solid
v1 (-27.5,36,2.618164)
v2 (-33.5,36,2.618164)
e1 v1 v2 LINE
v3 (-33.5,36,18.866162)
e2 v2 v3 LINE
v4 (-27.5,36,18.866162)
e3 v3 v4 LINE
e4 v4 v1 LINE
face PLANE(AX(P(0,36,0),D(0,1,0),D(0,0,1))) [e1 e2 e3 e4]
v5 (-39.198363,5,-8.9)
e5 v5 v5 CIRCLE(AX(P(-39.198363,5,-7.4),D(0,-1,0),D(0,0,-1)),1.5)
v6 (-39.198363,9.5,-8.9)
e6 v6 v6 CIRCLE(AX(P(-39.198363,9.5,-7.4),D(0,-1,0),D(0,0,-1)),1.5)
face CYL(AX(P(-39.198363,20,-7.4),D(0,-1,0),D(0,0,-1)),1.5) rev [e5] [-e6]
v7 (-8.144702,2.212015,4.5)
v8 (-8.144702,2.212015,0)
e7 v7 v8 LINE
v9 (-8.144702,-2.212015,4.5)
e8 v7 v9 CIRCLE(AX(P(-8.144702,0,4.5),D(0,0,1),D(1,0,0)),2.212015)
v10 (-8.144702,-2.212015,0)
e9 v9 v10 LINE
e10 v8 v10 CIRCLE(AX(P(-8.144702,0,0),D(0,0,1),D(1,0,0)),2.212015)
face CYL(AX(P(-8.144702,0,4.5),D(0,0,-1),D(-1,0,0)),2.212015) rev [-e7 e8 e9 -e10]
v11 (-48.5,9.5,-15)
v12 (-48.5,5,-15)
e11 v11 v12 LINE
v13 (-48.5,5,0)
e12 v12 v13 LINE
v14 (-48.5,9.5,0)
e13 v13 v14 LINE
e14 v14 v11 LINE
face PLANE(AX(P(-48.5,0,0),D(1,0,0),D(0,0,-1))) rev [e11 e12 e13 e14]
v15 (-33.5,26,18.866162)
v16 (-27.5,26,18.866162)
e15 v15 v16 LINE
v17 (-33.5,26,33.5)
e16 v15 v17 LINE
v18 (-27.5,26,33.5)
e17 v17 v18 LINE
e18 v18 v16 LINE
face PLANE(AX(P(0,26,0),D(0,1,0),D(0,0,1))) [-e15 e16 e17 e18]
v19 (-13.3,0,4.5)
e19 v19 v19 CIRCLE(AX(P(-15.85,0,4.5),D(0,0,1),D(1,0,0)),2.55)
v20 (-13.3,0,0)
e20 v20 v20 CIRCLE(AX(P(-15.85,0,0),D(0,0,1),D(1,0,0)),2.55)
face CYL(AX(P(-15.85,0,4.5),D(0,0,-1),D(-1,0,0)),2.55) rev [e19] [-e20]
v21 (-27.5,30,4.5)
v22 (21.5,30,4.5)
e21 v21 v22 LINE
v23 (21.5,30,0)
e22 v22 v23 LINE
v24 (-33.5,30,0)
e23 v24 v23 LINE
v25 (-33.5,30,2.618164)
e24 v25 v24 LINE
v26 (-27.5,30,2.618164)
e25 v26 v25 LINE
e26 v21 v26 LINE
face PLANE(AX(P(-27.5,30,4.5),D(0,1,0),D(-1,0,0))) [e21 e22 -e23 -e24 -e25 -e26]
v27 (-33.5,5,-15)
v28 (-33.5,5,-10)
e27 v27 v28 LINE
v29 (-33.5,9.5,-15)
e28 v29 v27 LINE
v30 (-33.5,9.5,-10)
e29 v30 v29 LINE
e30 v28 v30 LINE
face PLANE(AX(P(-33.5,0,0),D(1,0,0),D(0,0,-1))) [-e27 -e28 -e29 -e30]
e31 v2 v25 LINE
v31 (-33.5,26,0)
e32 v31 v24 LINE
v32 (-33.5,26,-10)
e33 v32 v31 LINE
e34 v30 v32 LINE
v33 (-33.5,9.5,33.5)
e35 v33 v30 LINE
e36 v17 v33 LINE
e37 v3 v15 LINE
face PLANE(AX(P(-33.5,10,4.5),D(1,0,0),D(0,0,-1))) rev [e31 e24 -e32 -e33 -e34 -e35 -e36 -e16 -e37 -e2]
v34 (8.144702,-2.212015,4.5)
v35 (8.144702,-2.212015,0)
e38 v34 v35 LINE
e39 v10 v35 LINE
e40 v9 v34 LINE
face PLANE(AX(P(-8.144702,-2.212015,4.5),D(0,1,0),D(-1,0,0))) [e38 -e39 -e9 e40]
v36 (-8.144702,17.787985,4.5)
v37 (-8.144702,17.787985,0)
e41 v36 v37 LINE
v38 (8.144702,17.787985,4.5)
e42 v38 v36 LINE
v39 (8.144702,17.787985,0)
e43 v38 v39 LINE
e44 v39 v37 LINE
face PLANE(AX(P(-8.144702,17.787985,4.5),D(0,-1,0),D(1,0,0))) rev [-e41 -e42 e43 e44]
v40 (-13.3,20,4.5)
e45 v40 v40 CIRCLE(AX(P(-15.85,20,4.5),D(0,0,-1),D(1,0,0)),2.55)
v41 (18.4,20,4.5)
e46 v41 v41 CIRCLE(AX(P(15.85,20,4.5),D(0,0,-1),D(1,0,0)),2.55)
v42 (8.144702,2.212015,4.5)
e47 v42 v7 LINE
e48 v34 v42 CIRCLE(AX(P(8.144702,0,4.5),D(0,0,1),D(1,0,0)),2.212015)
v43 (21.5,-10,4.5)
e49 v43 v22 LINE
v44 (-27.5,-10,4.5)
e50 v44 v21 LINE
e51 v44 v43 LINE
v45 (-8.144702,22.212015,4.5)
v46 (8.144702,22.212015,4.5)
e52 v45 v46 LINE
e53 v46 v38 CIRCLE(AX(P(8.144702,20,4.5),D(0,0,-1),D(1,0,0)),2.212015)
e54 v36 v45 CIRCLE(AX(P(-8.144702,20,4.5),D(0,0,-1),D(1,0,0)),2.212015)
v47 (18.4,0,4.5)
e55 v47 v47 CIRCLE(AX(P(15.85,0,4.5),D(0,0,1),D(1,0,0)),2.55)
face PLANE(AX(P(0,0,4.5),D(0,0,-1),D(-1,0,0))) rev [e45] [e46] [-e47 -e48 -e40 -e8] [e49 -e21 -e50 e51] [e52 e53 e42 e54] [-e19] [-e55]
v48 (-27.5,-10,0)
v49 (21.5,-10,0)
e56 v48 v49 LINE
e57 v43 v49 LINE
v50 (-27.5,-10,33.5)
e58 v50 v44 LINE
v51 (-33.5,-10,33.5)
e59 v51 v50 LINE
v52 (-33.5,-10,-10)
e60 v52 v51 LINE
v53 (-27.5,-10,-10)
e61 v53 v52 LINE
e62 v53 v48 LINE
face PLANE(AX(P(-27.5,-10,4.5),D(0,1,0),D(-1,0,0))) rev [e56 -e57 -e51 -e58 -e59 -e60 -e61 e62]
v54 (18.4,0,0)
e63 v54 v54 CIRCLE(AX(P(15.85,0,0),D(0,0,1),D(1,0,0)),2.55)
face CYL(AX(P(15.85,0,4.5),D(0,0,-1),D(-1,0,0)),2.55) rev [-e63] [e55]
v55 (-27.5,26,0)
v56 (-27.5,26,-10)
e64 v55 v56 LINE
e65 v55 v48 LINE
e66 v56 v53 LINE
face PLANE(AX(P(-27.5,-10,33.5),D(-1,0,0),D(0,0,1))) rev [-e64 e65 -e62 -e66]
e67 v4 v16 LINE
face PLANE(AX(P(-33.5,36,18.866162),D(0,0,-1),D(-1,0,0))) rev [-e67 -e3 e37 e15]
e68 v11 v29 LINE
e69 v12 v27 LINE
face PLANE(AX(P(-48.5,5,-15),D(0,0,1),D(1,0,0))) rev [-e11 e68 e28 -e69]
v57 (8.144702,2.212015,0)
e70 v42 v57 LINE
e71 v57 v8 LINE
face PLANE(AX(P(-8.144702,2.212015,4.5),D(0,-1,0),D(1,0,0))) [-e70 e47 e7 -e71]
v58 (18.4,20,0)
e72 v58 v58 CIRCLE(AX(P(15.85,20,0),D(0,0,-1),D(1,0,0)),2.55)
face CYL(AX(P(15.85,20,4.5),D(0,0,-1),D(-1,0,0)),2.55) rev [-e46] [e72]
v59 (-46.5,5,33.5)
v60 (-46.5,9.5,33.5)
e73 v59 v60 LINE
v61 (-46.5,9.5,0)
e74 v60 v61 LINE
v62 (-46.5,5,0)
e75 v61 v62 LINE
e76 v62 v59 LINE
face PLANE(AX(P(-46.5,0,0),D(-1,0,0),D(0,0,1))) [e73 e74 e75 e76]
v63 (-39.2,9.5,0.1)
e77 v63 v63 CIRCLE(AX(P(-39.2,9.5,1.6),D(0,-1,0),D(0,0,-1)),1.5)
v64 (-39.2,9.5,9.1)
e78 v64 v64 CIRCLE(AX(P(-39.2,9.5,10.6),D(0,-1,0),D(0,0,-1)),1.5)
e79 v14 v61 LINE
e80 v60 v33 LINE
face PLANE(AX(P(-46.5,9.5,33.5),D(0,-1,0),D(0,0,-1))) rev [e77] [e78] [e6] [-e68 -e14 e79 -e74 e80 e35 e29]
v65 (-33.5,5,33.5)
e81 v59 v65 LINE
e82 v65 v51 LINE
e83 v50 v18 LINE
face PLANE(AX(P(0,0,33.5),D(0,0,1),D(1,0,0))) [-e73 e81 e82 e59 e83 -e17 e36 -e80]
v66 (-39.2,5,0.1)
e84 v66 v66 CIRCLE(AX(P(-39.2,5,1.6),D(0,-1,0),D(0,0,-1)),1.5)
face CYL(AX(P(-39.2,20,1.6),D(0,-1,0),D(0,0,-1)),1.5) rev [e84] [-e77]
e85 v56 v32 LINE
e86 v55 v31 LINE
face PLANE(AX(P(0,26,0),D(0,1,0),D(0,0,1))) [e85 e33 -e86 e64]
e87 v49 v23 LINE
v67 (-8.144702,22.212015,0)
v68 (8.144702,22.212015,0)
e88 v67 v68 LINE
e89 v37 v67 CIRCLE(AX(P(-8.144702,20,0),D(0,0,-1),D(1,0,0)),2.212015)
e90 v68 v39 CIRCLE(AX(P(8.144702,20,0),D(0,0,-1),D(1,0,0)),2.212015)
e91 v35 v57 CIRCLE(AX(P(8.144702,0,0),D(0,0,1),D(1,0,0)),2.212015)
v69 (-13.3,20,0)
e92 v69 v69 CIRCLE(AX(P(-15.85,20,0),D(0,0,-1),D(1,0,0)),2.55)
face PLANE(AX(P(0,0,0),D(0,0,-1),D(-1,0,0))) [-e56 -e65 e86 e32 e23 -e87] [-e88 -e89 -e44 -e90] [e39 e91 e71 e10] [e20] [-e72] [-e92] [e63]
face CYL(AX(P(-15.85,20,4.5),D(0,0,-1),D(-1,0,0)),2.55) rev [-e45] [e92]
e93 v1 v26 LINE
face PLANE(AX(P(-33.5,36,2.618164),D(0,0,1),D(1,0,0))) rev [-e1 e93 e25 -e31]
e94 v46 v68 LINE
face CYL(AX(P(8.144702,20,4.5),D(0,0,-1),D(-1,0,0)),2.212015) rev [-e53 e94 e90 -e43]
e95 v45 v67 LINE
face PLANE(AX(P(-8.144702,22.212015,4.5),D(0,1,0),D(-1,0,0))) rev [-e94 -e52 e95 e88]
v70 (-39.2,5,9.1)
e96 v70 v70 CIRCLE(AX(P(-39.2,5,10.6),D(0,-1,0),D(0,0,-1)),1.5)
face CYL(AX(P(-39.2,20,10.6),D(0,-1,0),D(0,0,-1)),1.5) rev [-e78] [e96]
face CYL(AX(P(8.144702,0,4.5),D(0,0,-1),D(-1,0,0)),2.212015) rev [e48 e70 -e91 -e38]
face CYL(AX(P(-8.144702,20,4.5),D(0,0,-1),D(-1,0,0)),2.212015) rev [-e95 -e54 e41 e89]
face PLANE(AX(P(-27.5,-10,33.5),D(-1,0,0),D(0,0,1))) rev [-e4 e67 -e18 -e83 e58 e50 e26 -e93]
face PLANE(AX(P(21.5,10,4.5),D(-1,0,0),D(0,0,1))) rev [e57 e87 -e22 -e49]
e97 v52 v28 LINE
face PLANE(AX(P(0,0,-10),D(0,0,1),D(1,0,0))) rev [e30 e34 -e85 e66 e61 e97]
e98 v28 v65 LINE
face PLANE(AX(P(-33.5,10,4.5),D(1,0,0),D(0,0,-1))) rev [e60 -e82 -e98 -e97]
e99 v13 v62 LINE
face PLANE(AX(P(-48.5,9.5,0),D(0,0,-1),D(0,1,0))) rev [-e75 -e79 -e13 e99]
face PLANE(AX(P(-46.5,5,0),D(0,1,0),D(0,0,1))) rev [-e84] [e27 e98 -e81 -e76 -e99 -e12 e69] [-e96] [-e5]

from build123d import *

# Parameters (mm, degrees)
SKETCH_1_R          = 2.55
EXTRUDE_1_DEPTH     = 4.5
SKETCH_2_W          = 6
SKETCH_2_H          = 20
EXTRUDE_2_DEPTH     = 29
SKETCH_5_W          = 33.5
SKETCH_5_H          = 4.5
EXTRUDE_4_DEPTH     = 13
SKETCH_6_R          = 1.5
CUT_EXTRUDE_1_DEPTH = 13
SKETCH_8_W          = 6
SKETCH_8_H          = 20
EXTRUDE_5_DEPTH     = 10
SKETCH_11_W         = 6
SKETCH_11_H         = 43.5
EXTRUDE_7_DEPTH     = 30
SKETCH_17_W         = 6
SKETCH_17_H         = 43.5
CUT_EXTRUDE_3_DEPTH = 14
SKETCH_18_W         = 6
SKETCH_18_H         = 16.247997213
EXTRUDE_12_DEPTH    = 10
SKETCH_20_W         = 15
SKETCH_20_H         = 4.5
EXTRUDE_13_DEPTH    = 15
SKETCH_22_R         = 1.5
CUT_EXTRUDE_5_DEPTH = 15
SKETCH_23_W         = 13
SKETCH_23_H         = 33.5
CUT_EXTRUDE_6_DEPTH = 15
SKETCH_24_R         = 1.5
CUT_EXTRUDE_7_DEPTH = 15


with BuildPart() as part:
    # 草图1 → 凸台-拉伸1 (new body)
    with BuildSketch(Plane.XY):
        Polygon((-27.5, -10), (21.5, -10), (21.5, 10), (-27.5, 10), (-33.5, 10), (-33.5, -10), align=None)
        with Locations((-15.85, 0)):
            Circle(SKETCH_1_R, mode=Mode.SUBTRACT)
        with Locations((15.85, 0)):
            Circle(SKETCH_1_R, mode=Mode.SUBTRACT)
        with BuildLine():
            Line((-8.144701861, 2.212014563), (8.144701861, 2.212014563))
            ThreePointArc((8.144701861, 2.212014563), (10.356716424, 0), (8.144701861, -2.212014563))
            Line((8.144701861, -2.212014563), (-8.144701861, -2.212014563))
            ThreePointArc((-8.144701861, -2.212014563), (-10.356716424, 0), (-8.144701861, 2.212014563))
        make_face(mode=Mode.SUBTRACT)
    extrude_1 = extrude(amount=EXTRUDE_1_DEPTH)

    # 草图2 → 凸台-拉伸2 (add)
    with BuildSketch(Plane.XY.offset(4.5)):
        with Locations((-30.5, 0)):
            Rectangle(SKETCH_2_W, SKETCH_2_H)
    extrude(amount=EXTRUDE_2_DEPTH)

    # 草图5 → 凸台-拉伸4 (add)
    with BuildSketch(Plane.ZY.offset(33.5)):
        with Locations((16.75, -7.75)):
            Rectangle(SKETCH_5_W, SKETCH_5_H)
        with Locations((16.75, 7.25)):
            Rectangle(SKETCH_5_W, SKETCH_5_H)
    extrude(amount=EXTRUDE_4_DEPTH)

    # 草图6 → 切除-拉伸1 (cut)
    with BuildSketch(Plane.XZ.offset(10)):
        with Locations((-39.2, 1.6)):
            Circle(SKETCH_6_R)
        with Locations((-39.2, 10.6)):
            Circle(SKETCH_6_R)
    extrude(amount=-CUT_EXTRUDE_1_DEPTH, mode=Mode.SUBTRACT)

    # 草图8 → 凸台-拉伸5 (add)
    with BuildSketch(Plane(origin=(0, 0, 0), x_dir=(-1, 0, 0), z_dir=(0, 0, -1))):
        with Locations((30.5, 0)):
            Rectangle(SKETCH_8_W, SKETCH_8_H)
    extrude(amount=EXTRUDE_5_DEPTH)

    # 草图11 → 凸台-拉伸7 (add)
    with BuildSketch(Plane(origin=(0, 10, 0), x_dir=(1, 0, 0), z_dir=(0, 1, 0))):
        with Locations((-30.5, -11.75)):
            Rectangle(SKETCH_11_W, SKETCH_11_H)
    extrude(amount=EXTRUDE_7_DEPTH)

    # 草图17 → 切除-拉伸3 (cut)
    with BuildSketch(Plane(origin=(0, 40, 0), x_dir=(1, 0, 0), z_dir=(0, 1, 0))):
        with Locations((-30.5, -11.75)):
            Rectangle(SKETCH_17_W, SKETCH_17_H)
    extrude(amount=-CUT_EXTRUDE_3_DEPTH, mode=Mode.SUBTRACT)

    # 草图18 → 凸台-拉伸12 (add)
    with BuildSketch(Plane(origin=(0, 26, 0), x_dir=(1, 0, 0), z_dir=(0, 1, 0))):
        with Locations((-30.5, -10.74216301)):
            Rectangle(SKETCH_18_W, SKETCH_18_H)
    extrude(amount=EXTRUDE_12_DEPTH)

    # 镜向1: 凸台-拉伸1 across plane
    add(extrude_1.mirror(Plane.ZX.offset(10)))

    # 草图20 → 凸台-拉伸13 (add)
    with BuildSketch(Plane.ZY.offset(33.5)):
        with Locations((-7.5, 7.25)):
            Rectangle(SKETCH_20_W, SKETCH_20_H)
    extrude(amount=EXTRUDE_13_DEPTH)

    # 草图22 → 切除-拉伸5 (cut)
    with BuildSketch(Plane.XZ.offset(-5)):
        with Locations((-39.2, 10.6)):
            Circle(SKETCH_22_R)
        with Locations((-39.2, 1.6)):
            Circle(SKETCH_22_R)
    extrude(amount=-CUT_EXTRUDE_5_DEPTH, mode=Mode.SUBTRACT)

    # 草图23 → 切除-拉伸6 (cut)
    with BuildSketch(Plane.XZ.offset(10)):
        with Locations((-40, 16.75)):
            Rectangle(SKETCH_23_W, SKETCH_23_H)
    extrude(amount=-CUT_EXTRUDE_6_DEPTH, mode=Mode.SUBTRACT)

    # 草图24 → 切除-拉伸7 (cut)
    with BuildSketch(Plane.XZ.offset(-5)):
        with Locations(Location((-39.19836294, -7.4, 0), (0, 0, 270))):
            Circle(SKETCH_24_R)
    extrude(amount=-CUT_EXTRUDE_7_DEPTH, mode=Mode.SUBTRACT)


solid = part.part
